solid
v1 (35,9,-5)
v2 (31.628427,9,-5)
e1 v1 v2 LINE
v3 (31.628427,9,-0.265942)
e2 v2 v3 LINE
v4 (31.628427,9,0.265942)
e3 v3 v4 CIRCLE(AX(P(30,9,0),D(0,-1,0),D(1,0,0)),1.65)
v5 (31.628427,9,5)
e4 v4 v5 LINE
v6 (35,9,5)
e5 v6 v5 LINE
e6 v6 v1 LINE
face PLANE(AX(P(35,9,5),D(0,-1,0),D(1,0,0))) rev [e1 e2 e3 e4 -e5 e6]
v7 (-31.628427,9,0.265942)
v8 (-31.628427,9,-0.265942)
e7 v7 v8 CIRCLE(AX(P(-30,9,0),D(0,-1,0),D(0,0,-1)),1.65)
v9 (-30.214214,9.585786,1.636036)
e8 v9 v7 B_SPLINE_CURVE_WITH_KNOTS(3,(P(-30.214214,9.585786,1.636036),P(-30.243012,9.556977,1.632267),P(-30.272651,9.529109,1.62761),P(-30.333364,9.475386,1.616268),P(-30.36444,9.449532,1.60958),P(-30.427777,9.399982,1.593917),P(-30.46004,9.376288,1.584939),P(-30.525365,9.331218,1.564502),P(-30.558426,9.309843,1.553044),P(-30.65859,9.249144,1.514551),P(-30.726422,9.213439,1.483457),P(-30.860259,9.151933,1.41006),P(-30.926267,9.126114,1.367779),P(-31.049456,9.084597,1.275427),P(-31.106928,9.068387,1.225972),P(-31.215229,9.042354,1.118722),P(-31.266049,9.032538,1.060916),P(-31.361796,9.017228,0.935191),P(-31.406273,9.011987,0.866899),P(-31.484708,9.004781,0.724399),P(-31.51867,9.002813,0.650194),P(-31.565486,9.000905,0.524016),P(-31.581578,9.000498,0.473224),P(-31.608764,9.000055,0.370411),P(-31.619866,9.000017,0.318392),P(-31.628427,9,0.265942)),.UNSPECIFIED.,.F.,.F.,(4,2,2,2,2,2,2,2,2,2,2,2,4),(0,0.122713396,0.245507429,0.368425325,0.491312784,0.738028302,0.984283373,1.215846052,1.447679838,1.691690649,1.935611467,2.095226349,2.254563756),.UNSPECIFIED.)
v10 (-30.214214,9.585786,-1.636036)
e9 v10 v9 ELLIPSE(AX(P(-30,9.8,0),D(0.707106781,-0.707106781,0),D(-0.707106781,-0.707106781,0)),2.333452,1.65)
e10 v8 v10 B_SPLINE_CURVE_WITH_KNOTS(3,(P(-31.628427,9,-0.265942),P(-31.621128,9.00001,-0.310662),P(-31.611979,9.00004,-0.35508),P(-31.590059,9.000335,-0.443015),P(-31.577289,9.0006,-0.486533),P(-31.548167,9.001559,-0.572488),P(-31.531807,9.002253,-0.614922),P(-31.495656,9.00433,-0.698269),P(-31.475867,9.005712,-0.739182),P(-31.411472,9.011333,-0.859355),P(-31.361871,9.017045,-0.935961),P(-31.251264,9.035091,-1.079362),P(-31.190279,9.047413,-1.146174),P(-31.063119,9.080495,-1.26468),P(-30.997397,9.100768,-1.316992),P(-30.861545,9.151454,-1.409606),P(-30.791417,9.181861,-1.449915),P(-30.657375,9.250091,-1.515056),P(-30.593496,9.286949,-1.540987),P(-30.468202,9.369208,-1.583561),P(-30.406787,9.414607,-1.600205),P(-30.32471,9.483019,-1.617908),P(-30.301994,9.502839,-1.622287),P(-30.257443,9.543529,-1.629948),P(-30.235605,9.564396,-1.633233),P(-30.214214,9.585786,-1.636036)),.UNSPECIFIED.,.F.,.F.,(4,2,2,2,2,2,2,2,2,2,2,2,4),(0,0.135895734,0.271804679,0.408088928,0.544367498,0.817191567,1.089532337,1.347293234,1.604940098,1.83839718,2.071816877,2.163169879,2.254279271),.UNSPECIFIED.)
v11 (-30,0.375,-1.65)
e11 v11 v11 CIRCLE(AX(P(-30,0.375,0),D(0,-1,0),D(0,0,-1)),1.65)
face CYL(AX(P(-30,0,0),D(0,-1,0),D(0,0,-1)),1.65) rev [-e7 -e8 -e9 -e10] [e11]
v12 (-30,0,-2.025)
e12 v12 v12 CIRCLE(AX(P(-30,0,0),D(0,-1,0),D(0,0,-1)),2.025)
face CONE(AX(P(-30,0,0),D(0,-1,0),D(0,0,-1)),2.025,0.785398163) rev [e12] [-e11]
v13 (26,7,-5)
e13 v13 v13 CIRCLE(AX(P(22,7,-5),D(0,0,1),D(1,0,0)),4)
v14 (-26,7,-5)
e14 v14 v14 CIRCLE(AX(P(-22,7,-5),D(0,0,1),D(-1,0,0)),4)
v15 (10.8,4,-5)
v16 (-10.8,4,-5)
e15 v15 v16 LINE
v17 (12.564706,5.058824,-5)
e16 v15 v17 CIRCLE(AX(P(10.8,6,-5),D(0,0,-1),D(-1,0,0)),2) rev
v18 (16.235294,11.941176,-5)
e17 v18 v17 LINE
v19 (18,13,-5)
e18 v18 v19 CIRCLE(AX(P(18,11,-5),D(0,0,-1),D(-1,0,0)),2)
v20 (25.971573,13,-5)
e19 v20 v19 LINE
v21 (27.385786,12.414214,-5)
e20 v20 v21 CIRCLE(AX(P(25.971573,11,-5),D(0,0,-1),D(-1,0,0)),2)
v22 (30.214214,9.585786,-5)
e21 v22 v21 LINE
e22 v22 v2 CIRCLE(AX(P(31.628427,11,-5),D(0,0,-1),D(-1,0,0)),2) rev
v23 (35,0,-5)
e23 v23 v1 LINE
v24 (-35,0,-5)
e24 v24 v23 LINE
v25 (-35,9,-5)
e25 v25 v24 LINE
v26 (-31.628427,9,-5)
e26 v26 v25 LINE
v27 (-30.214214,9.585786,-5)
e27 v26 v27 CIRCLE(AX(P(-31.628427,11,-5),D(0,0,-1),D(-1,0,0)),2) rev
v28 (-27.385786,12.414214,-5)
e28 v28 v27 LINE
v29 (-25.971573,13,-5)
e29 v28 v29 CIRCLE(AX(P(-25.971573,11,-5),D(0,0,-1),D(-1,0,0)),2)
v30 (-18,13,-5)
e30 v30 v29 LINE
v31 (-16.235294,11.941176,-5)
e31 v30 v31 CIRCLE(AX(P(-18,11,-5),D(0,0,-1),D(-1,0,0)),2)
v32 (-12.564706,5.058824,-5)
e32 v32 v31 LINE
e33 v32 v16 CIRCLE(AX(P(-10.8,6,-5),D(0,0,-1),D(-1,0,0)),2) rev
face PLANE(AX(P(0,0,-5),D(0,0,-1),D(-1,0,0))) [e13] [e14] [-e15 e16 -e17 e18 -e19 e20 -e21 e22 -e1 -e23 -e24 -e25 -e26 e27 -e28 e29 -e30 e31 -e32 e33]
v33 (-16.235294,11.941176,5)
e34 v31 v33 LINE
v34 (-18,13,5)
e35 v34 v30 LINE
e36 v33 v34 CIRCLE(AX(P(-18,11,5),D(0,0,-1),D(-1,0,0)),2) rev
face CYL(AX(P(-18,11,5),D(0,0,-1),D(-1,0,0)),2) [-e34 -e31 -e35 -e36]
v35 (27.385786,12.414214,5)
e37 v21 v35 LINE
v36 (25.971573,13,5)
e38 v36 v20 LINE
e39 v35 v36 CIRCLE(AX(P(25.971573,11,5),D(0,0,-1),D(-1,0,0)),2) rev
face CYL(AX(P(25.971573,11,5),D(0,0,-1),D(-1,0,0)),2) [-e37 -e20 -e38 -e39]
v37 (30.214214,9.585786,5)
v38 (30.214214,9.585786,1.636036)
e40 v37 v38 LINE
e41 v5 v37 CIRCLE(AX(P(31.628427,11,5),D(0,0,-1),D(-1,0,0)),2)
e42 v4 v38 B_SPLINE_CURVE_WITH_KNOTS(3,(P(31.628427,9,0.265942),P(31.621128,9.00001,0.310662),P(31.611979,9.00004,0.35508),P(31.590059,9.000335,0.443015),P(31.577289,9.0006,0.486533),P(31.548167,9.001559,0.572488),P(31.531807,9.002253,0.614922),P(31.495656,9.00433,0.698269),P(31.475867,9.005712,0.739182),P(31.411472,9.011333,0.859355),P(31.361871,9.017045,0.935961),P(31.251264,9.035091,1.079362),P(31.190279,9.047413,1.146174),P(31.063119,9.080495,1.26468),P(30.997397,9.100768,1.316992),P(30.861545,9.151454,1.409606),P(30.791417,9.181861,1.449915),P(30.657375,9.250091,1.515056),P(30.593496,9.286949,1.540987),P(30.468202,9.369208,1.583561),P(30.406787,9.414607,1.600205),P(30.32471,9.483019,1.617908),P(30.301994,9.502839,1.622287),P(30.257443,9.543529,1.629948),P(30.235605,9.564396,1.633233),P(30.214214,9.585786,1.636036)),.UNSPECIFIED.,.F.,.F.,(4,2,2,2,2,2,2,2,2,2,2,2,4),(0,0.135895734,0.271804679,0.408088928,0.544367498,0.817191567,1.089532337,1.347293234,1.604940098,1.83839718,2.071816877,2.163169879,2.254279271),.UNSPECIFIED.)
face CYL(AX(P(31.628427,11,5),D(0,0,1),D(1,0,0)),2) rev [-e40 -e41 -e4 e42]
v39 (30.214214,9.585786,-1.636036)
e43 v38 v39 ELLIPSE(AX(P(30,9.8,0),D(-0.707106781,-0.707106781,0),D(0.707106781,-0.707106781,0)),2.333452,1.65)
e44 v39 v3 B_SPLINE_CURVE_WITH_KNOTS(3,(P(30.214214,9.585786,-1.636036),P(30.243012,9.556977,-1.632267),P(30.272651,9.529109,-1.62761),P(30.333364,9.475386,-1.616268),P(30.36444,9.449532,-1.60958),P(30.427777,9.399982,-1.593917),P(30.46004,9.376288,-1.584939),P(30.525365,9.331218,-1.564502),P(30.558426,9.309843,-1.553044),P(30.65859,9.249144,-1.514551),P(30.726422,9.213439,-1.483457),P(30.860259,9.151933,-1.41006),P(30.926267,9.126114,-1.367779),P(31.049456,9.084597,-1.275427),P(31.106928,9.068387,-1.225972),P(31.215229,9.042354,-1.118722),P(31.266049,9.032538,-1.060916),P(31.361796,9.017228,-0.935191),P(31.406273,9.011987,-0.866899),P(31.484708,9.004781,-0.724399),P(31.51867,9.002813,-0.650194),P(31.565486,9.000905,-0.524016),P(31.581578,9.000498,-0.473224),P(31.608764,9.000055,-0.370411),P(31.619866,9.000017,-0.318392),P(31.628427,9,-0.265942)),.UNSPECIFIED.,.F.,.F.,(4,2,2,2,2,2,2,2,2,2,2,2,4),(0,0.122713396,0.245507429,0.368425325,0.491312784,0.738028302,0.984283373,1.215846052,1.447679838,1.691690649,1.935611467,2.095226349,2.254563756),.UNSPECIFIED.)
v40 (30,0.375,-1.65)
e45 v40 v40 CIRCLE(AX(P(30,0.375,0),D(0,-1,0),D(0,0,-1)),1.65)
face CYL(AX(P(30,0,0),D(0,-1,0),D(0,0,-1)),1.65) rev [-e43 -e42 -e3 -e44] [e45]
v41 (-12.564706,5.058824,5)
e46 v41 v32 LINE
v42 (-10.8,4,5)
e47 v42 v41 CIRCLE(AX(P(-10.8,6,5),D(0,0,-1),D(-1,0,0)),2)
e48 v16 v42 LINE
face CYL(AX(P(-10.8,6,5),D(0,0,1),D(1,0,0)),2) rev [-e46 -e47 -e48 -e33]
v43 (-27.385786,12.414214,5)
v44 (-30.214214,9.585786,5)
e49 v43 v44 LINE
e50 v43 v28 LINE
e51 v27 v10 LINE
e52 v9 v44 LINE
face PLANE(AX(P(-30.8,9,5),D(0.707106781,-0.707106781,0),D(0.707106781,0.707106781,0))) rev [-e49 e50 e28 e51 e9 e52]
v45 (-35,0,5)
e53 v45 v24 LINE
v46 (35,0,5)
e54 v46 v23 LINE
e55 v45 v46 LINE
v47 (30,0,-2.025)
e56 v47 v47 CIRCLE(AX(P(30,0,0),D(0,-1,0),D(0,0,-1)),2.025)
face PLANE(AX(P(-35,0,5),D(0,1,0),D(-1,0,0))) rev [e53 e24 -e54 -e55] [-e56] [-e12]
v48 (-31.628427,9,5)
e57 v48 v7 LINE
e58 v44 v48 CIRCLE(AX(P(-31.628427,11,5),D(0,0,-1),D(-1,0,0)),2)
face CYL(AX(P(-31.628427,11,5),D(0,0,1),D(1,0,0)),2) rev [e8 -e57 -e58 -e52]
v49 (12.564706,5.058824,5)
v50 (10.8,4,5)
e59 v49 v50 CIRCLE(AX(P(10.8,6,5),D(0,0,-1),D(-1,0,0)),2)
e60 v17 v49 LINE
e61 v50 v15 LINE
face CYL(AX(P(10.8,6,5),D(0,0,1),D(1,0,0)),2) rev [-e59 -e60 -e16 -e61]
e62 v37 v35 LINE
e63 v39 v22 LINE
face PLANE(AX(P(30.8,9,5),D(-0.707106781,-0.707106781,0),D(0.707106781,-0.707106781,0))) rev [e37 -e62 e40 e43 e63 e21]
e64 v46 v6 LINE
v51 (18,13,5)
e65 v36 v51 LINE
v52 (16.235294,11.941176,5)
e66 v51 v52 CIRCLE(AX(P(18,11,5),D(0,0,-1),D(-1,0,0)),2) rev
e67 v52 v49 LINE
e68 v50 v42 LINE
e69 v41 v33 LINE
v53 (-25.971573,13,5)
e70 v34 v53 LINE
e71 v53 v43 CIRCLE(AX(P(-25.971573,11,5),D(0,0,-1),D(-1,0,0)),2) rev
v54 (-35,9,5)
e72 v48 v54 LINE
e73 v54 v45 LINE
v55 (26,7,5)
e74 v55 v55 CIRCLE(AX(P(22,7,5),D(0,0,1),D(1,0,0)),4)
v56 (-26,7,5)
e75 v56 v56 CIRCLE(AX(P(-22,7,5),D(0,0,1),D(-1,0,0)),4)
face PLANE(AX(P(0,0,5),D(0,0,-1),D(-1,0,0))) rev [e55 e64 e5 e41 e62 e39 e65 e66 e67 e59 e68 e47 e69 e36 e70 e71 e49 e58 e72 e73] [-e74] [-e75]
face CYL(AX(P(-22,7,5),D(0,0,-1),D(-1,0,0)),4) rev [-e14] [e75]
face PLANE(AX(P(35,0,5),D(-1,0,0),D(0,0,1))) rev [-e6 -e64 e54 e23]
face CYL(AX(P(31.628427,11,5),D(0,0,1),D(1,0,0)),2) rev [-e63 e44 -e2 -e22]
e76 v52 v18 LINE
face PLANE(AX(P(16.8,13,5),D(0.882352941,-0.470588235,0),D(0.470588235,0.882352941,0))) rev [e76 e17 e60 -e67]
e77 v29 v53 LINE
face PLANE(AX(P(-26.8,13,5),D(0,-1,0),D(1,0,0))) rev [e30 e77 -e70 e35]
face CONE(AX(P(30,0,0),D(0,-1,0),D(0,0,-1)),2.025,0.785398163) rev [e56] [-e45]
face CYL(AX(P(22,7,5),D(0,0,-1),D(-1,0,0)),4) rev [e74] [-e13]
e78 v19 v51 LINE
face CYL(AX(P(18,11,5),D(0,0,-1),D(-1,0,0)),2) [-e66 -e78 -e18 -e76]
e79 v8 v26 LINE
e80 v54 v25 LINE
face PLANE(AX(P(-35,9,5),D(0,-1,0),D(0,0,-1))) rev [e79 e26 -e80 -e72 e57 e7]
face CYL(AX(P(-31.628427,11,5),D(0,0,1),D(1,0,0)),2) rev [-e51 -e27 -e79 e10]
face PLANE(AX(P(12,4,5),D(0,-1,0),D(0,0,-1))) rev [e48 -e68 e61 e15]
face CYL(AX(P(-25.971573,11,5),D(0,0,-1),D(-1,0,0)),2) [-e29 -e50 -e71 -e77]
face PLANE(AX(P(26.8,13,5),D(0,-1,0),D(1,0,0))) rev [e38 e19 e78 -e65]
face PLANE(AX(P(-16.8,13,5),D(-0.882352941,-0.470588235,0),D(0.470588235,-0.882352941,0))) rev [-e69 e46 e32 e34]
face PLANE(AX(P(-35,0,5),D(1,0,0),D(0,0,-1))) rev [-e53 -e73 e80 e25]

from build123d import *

# Parameters (mm, degrees)
SKETCH1_R                   = 4
BOSS_EXTRUDE1_DEPTH         = 5
FILLET1_R                   = 2
M4_TAPPED_HOLE1_D           = 3.3
M4_TAPPED_HOLE1_CSINK_D     = 4.05
M4_TAPPED_HOLE1_CSINK_ANGLE = 90


with BuildPart() as part:
    # Sketch1 → Boss-Extrude1 (new, symmetric)
    with BuildSketch(Plane.XY):
        Polygon((-35, 0), (35, 0), (35, 9), (30.8, 9), (26.8, 13), (16.8, 13), (12, 4), (-12, 4), (-16.8, 13), (-26.8, 13), (-30.8, 9), (-35, 9), align=None)
        with Locations((22, 7)):
            Circle(SKETCH1_R, mode=Mode.SUBTRACT)
        with Locations(Location((-22, 7, 0), (0, 0, 180))):
            Circle(SKETCH1_R, mode=Mode.SUBTRACT)
    extrude(amount=BOSS_EXTRUDE1_DEPTH, both=True)

    # Fillet1
    fillet1_edges = [part.edges().sort_by_distance(p)[0] for p in [
        (-30.8, 9, 0),
        (-26.8, 13, 0),
        (-16.8, 13, 0),
        (-12, 4, 0),
        (12, 4, 0),
        (16.8, 13, 0),
        (26.8, 13, 0),
        (30.8, 9, 0),
    ]]
    fillet(fillet1_edges, radius=FILLET1_R)

    # M4 Tapped Hole1 (through all)
    with Locations(Plane(origin=(0, 0, 0), x_dir=(-1, 0, 0), z_dir=(0, -1, 0))):
        with Locations((-30, 0), (30, 0)):
            CounterSinkHole(M4_TAPPED_HOLE1_D / 2, M4_TAPPED_HOLE1_CSINK_D / 2, counter_sink_angle=M4_TAPPED_HOLE1_CSINK_ANGLE)


solid = part.part
